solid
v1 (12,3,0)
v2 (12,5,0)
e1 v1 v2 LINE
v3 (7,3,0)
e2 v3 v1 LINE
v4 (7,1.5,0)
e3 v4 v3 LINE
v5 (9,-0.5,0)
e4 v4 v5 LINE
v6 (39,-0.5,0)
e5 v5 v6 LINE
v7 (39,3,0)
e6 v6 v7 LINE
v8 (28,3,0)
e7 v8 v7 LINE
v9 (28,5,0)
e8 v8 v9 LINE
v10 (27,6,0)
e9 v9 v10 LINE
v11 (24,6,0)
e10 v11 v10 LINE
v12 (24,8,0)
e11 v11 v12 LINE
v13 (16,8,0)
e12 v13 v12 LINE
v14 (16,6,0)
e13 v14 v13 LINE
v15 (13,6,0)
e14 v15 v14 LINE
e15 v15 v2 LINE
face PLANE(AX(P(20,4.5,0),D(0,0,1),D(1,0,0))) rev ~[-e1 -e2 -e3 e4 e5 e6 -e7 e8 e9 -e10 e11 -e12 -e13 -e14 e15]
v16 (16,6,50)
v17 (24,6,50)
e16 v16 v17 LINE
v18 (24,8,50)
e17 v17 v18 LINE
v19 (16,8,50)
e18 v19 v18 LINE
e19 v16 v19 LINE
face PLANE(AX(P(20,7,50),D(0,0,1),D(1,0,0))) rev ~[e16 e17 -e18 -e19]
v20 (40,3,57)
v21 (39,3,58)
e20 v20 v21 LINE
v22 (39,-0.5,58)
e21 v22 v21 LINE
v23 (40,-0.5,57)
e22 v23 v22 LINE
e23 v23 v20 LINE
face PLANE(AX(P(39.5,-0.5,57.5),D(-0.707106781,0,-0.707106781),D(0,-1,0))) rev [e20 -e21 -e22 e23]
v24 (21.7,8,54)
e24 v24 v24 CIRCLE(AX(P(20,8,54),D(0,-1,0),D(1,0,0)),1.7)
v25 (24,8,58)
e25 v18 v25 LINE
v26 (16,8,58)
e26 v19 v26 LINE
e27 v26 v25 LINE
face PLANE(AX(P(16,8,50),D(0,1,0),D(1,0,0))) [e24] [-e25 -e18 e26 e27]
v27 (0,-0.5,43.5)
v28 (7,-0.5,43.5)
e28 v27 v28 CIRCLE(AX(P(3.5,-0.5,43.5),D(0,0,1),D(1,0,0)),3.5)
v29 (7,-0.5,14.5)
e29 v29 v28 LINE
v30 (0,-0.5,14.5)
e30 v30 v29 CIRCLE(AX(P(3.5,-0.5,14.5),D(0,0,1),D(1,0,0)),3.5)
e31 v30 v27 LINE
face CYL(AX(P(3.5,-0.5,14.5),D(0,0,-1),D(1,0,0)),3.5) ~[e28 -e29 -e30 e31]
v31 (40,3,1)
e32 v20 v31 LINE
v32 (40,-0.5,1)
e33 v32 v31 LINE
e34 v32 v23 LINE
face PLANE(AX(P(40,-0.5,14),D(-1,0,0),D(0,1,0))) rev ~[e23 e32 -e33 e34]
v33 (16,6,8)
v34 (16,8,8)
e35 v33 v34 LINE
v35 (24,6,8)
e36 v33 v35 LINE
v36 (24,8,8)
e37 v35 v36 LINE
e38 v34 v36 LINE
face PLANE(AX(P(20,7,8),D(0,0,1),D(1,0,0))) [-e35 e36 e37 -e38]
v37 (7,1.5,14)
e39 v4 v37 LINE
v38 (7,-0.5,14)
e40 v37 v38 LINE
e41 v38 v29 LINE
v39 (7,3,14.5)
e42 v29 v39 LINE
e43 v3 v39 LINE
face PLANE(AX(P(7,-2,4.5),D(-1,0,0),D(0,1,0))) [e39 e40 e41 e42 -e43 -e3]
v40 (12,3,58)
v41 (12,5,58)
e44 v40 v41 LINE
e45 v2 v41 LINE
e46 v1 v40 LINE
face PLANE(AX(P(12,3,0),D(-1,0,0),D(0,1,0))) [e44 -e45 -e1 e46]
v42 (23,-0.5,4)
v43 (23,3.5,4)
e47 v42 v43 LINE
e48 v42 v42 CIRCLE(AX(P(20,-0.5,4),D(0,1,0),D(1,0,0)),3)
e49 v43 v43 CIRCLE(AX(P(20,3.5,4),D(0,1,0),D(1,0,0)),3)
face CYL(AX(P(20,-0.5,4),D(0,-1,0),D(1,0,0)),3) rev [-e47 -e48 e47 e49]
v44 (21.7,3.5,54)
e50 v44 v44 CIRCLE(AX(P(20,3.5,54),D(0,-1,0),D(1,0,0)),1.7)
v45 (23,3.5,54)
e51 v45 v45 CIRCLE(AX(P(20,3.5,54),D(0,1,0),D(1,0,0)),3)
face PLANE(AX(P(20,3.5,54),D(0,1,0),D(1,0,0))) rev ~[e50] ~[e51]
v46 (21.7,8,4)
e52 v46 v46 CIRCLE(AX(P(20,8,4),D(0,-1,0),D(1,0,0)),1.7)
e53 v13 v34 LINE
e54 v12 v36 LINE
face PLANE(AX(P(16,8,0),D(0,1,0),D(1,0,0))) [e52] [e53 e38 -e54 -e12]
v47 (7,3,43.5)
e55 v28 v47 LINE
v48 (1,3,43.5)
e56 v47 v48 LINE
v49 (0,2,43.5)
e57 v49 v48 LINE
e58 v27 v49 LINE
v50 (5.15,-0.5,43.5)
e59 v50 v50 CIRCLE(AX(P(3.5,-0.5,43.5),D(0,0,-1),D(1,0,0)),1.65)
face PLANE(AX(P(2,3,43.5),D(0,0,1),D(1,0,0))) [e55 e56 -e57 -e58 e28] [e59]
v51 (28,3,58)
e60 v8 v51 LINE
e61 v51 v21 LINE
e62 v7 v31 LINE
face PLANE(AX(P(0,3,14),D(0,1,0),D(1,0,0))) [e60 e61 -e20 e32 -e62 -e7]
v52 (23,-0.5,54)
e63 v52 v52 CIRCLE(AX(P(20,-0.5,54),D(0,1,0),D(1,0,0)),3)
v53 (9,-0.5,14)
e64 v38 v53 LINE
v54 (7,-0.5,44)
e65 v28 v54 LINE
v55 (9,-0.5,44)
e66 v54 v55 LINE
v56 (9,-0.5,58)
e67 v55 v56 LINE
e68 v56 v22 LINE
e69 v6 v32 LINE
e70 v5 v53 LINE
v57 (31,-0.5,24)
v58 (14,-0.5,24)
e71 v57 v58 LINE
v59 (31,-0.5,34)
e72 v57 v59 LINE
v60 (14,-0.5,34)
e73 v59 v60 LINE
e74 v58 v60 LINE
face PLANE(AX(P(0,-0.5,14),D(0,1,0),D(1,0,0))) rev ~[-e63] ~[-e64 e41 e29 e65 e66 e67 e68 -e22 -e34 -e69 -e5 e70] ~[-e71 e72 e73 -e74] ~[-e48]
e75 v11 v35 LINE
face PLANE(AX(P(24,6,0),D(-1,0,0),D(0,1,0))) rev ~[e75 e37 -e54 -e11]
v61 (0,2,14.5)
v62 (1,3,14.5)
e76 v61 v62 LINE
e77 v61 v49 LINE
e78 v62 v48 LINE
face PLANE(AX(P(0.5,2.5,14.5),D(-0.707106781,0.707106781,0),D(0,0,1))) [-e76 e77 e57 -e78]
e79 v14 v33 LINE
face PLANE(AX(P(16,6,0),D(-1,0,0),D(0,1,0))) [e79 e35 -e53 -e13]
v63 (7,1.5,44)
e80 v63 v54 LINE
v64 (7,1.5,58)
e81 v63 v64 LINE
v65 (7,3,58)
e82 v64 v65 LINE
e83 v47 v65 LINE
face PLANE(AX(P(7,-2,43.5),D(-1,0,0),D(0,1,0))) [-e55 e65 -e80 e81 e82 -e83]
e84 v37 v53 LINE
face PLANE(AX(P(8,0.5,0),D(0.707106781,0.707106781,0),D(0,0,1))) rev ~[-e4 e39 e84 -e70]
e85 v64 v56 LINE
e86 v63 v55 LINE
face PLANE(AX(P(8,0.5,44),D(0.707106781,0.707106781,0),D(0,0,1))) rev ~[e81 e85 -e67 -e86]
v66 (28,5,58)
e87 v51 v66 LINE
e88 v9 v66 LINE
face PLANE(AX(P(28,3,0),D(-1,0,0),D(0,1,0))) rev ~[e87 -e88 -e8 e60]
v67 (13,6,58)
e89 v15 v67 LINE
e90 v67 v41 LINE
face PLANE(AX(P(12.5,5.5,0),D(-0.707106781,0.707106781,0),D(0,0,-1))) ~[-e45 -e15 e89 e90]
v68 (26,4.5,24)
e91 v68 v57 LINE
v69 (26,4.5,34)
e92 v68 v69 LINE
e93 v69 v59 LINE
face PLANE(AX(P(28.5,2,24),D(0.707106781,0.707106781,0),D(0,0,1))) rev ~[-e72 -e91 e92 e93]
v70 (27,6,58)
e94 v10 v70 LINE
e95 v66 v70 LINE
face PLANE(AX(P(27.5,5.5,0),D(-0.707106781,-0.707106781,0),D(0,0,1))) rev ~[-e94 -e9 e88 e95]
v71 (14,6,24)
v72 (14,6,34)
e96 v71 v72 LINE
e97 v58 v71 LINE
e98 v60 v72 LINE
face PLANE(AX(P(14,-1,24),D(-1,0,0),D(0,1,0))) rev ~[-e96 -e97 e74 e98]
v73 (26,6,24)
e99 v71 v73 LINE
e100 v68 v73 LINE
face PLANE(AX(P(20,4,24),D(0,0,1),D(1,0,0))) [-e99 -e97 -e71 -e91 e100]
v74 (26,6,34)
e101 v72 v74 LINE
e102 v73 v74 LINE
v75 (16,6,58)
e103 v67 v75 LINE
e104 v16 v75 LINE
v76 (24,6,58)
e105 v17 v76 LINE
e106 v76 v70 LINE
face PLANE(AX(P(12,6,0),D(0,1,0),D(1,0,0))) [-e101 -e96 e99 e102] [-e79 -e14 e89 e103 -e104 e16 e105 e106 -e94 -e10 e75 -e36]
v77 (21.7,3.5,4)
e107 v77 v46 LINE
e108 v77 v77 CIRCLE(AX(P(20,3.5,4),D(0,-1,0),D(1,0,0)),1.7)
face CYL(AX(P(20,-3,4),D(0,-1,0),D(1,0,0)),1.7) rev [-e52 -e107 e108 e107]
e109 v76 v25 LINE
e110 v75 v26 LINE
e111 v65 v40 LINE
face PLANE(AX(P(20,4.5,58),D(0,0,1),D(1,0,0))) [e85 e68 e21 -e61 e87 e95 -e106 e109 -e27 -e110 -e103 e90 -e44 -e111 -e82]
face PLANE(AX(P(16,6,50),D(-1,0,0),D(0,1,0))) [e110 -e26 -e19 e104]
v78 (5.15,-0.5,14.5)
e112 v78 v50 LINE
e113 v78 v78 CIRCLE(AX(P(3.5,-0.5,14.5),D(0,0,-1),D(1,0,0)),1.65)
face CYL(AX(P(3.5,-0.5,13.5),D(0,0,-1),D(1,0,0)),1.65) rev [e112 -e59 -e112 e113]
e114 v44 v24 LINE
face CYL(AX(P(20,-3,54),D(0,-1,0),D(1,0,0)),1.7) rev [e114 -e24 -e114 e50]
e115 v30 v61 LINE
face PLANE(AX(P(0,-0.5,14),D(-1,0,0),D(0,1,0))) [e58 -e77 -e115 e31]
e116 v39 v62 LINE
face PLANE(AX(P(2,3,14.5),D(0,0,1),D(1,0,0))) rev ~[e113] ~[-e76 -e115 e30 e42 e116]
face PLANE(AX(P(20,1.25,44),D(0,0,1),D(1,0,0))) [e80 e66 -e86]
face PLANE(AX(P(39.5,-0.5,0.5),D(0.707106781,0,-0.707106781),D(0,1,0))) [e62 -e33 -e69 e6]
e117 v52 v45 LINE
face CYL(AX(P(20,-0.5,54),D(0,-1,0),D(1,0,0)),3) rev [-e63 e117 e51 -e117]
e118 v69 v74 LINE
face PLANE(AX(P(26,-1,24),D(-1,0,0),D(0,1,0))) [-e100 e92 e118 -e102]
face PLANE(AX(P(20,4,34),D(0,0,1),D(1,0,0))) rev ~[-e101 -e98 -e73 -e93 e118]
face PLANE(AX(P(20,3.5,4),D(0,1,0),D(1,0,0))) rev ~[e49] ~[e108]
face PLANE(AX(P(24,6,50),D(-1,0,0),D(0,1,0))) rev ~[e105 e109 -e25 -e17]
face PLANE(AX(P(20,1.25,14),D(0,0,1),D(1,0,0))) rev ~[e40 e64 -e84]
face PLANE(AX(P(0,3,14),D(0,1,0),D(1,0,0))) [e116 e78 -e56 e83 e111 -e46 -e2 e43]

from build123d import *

# Parameters (mm, degrees)
CYLINDER046_R            = 3
CYLINDER046_DEPTH        = 4
CYLINDER045_R            = 3
CYLINDER045_DEPTH        = 4
CYLINDER044_R            = 1.7
CYLINDER044_DEPTH        = 19
CYLINDER043_R            = 1.7
CYLINDER043_DEPTH        = 19
BOX051039_W              = 12
BOX051039_H              = 10
BOX051039_DEPTH          = 10
BOX051035_W              = 33
BOX051035_H              = 3.5
BOX051035_DEPTH          = 14
CHAMFER034005002038_SIZE = 2
CYLINDER038_R            = 1.65
CYLINDER038_DEPTH        = 31
CYLINDER037_R            = 3.5
CYLINDER037_DEPTH        = 29
BOX051040_W              = 10
BOX051040_H              = 10
BOX051040_DEPTH          = 10
BOX051041_W              = 10
BOX051041_H              = 10
BOX051041_DEPTH          = 10
BOX051030_W              = 40
BOX051030_H              = 3.5
BOX051030_DEPTH          = 30
CHAMFER034005002040_SIZE = 1
BOX051032_W              = 8
BOX051032_H              = 2
BOX051032_DEPTH          = 8
BOX051033_W              = 8
BOX051033_H              = 2
BOX051033_DEPTH          = 8
BOX051031_W              = 16
BOX051031_H              = 3
BOX051031_DEPTH          = 58
BOX051034_W              = 33
BOX051034_H              = 3.5
BOX051034_DEPTH          = 14
CHAMFER034005002039_SIZE = 2
CHAMFER034005002041_SIZE = 5
CHAMFER034005002042_SIZE = 1
CHAMFER034005002049_SIZE = 1


with BuildPart() as cylinder046:
    # Cylinder046 → Cylinder046 (new body)
    with BuildSketch(Plane(origin=(20, -3, 4), x_dir=(1, 0, 0), z_dir=(0, 1, 0))):
        Circle(CYLINDER046_R)
    extrude(amount=CYLINDER046_DEPTH)


with BuildPart() as fusion021005009019:
    # Cylinder045 → Cylinder045 (new body)
    with BuildSketch(Plane(origin=(20, -3, 54), x_dir=(1, 0, 0), z_dir=(0, 1, 0))):
        Circle(CYLINDER045_R)
    extrude(amount=CYLINDER045_DEPTH)

    # Fusion021005009019: union Cylinder046
    add(cylinder046.part)


with BuildPart() as fusion021005009019_1:
    # Fusion021005009019 placement: moved
    add(fusion021005009019.part.moved(Location((0, 2.5, 0))))


with BuildPart() as cylinder044:
    # Cylinder044 → Cylinder044 (new body)
    with BuildSketch(Plane(origin=(20, -3, 54), x_dir=(1, 0, 0), z_dir=(0, 1, 0))):
        Circle(CYLINDER044_R)
    extrude(amount=CYLINDER044_DEPTH)


with BuildPart() as fusion021005009023:
    # Cylinder043 → Cylinder043 (new body)
    with BuildSketch(Plane(origin=(20, -3, 4), x_dir=(1, 0, 0), z_dir=(0, 1, 0))):
        Circle(CYLINDER043_R)
    extrude(amount=CYLINDER043_DEPTH)

    # Fusion021005009020: union Cylinder044
    add(cylinder044.part)

    # Fusion021005009023: union Fusion021005009019
    add(fusion021005009019_1.part)


with BuildPart() as cube096:
    # Box051039 → Box051039 (new body)
    with BuildSketch(Plane(origin=(14, -1, 24), x_dir=(1, 0, 0), z_dir=(0, 0, 1))):
        with Locations((6, 5)):
            Rectangle(BOX051039_W, BOX051039_H)
    extrude(amount=BOX051039_DEPTH)


with BuildPart() as chamfer034005002038:
    # Box051035 → Box051035 (new body)
    with BuildSketch(Plane(origin=(7, -0.5, 44), x_dir=(1, 0, 0), z_dir=(0, 0, 1))):
        with Locations((16.5, 1.75)):
            Rectangle(BOX051035_W, BOX051035_H)
    extrude(amount=BOX051035_DEPTH)

    # Chamfer034005002038
    chamfer034005002038_edges = [chamfer034005002038.edges().sort_by_distance(p)[0] for p in [
        (7, -0.5, 51),
    ]]
    chamfer(chamfer034005002038_edges, length=CHAMFER034005002038_SIZE)


with BuildPart() as cylinder038:
    # Cylinder038 → Cylinder038 (new body)
    with BuildSketch(Plane(origin=(3.5, -0.5, 13.5), x_dir=(1, 0, 0), z_dir=(0, 0, 1))):
        Circle(CYLINDER038_R)
    extrude(amount=CYLINDER038_DEPTH)


with BuildPart() as cylinder037:
    # Cylinder037 → Cylinder037 (new body)
    with BuildSketch(Plane(origin=(3.5, -0.5, 14.5), x_dir=(1, 0, 0), z_dir=(0, 0, 1))):
        Circle(CYLINDER037_R)
    extrude(amount=CYLINDER037_DEPTH)


with BuildPart() as cube097:
    # Box051040 → Box051040 (new body)
    with BuildSketch(Plane(origin=(-3, -2, 4.5), x_dir=(1, 0, 0), z_dir=(0, 0, 1))):
        with Locations((5, 5)):
            Rectangle(BOX051040_W, BOX051040_H)
    extrude(amount=BOX051040_DEPTH)


with BuildPart() as cube098:
    # Box051041 → Box051041 (new body)
    with BuildSketch(Plane(origin=(-3, -2, 43.5), x_dir=(1, 0, 0), z_dir=(0, 0, 1))):
        with Locations((5, 5)):
            Rectangle(BOX051041_W, BOX051041_H)
    extrude(amount=BOX051041_DEPTH)


with BuildPart() as chamfer034005002040:
    # Box051030 → Box051030 (new body)
    with BuildSketch(Plane(origin=(0, -0.5, 14), x_dir=(1, 0, 0), z_dir=(0, 0, 1))):
        with Locations((20, 1.75)):
            Rectangle(BOX051030_W, BOX051030_H)
    extrude(amount=BOX051030_DEPTH)

    # Cut018011002015: cut Cube098
    add(cube098.part, mode=Mode.SUBTRACT)

    # Cut018011002016: cut Cube097
    add(cube097.part, mode=Mode.SUBTRACT)

    # Fusion021005009021: union Cylinder037
    add(cylinder037.part)

    # Cut018011002017: cut Cylinder038
    add(cylinder038.part, mode=Mode.SUBTRACT)

    # Chamfer034005002040
    chamfer034005002040_edges = [chamfer034005002040.edges().sort_by_distance(p)[0] for p in [
        (0, 3, 29),
    ]]
    chamfer(chamfer034005002040_edges, length=CHAMFER034005002040_SIZE)


with BuildPart() as cube089:
    # Box051032 → Box051032 (new body)
    with BuildSketch(Plane(origin=(16, 6, 0), x_dir=(1, 0, 0), z_dir=(0, 0, 1))):
        with Locations((4, 1)):
            Rectangle(BOX051032_W, BOX051032_H)
    extrude(amount=BOX051032_DEPTH)


with BuildPart() as cube090:
    # Box051033 → Box051033 (new body)
    with BuildSketch(Plane(origin=(16, 6, 50), x_dir=(1, 0, 0), z_dir=(0, 0, 1))):
        with Locations((4, 1)):
            Rectangle(BOX051033_W, BOX051033_H)
    extrude(amount=BOX051033_DEPTH)


with BuildPart() as cube088:
    # Box051031 → Box051031 (new body)
    with BuildSketch(Plane(origin=(12, 3, 0), x_dir=(1, 0, 0), z_dir=(0, 0, 1))):
        with Locations((8, 1.5)):
            Rectangle(BOX051031_W, BOX051031_H)
    extrude(amount=BOX051031_DEPTH)


with BuildPart() as chamfer034005002049:
    # Box051034 → Box051034 (new body)
    with BuildSketch(Plane(origin=(7, -0.5, 0), x_dir=(1, 0, 0), z_dir=(0, 0, 1))):
        with Locations((16.5, 1.75)):
            Rectangle(BOX051034_W, BOX051034_H)
    extrude(amount=BOX051034_DEPTH)

    # Chamfer034005002039
    chamfer034005002039_edges = [chamfer034005002049.edges().sort_by_distance(p)[0] for p in [
        (7, -0.5, 7),
    ]]
    chamfer(chamfer034005002039_edges, length=CHAMFER034005002039_SIZE)

    # Fusion021005009022: union Chamfer034005002038, Chamfer034005002040, Cube089, Cube090, Cube088
    add(chamfer034005002038.part)
    add(chamfer034005002040.part)
    add(cube089.part)
    add(cube090.part)
    add(cube088.part)

    # Cut018011002018: cut Cube096
    add(cube096.part, mode=Mode.SUBTRACT)

    # Cut018011002019: cut Fusion021005009023
    add(fusion021005009023.part, mode=Mode.SUBTRACT)

    # Chamfer034005002041
    chamfer034005002041_edges = [chamfer034005002049.edges().sort_by_distance(p)[0] for p in [
        (26, -0.5, 29),
    ]]
    chamfer(chamfer034005002041_edges, length=CHAMFER034005002041_SIZE)

    # Chamfer034005002042
    chamfer034005002042_edges = [chamfer034005002049.edges().sort_by_distance(p)[0] for p in [
        (40, 1.25, 0),
        (40, 1.25, 58),
    ]]
    chamfer(chamfer034005002042_edges, length=CHAMFER034005002042_SIZE)

    # Chamfer034005002049
    chamfer034005002049_edges = [chamfer034005002049.edges().sort_by_distance(p)[0] for p in [
        (28, 6, 29),
        (12, 6, 29),
    ]]
    chamfer(chamfer034005002049_edges, length=CHAMFER034005002049_SIZE)


solid = chamfer034005002049.part
